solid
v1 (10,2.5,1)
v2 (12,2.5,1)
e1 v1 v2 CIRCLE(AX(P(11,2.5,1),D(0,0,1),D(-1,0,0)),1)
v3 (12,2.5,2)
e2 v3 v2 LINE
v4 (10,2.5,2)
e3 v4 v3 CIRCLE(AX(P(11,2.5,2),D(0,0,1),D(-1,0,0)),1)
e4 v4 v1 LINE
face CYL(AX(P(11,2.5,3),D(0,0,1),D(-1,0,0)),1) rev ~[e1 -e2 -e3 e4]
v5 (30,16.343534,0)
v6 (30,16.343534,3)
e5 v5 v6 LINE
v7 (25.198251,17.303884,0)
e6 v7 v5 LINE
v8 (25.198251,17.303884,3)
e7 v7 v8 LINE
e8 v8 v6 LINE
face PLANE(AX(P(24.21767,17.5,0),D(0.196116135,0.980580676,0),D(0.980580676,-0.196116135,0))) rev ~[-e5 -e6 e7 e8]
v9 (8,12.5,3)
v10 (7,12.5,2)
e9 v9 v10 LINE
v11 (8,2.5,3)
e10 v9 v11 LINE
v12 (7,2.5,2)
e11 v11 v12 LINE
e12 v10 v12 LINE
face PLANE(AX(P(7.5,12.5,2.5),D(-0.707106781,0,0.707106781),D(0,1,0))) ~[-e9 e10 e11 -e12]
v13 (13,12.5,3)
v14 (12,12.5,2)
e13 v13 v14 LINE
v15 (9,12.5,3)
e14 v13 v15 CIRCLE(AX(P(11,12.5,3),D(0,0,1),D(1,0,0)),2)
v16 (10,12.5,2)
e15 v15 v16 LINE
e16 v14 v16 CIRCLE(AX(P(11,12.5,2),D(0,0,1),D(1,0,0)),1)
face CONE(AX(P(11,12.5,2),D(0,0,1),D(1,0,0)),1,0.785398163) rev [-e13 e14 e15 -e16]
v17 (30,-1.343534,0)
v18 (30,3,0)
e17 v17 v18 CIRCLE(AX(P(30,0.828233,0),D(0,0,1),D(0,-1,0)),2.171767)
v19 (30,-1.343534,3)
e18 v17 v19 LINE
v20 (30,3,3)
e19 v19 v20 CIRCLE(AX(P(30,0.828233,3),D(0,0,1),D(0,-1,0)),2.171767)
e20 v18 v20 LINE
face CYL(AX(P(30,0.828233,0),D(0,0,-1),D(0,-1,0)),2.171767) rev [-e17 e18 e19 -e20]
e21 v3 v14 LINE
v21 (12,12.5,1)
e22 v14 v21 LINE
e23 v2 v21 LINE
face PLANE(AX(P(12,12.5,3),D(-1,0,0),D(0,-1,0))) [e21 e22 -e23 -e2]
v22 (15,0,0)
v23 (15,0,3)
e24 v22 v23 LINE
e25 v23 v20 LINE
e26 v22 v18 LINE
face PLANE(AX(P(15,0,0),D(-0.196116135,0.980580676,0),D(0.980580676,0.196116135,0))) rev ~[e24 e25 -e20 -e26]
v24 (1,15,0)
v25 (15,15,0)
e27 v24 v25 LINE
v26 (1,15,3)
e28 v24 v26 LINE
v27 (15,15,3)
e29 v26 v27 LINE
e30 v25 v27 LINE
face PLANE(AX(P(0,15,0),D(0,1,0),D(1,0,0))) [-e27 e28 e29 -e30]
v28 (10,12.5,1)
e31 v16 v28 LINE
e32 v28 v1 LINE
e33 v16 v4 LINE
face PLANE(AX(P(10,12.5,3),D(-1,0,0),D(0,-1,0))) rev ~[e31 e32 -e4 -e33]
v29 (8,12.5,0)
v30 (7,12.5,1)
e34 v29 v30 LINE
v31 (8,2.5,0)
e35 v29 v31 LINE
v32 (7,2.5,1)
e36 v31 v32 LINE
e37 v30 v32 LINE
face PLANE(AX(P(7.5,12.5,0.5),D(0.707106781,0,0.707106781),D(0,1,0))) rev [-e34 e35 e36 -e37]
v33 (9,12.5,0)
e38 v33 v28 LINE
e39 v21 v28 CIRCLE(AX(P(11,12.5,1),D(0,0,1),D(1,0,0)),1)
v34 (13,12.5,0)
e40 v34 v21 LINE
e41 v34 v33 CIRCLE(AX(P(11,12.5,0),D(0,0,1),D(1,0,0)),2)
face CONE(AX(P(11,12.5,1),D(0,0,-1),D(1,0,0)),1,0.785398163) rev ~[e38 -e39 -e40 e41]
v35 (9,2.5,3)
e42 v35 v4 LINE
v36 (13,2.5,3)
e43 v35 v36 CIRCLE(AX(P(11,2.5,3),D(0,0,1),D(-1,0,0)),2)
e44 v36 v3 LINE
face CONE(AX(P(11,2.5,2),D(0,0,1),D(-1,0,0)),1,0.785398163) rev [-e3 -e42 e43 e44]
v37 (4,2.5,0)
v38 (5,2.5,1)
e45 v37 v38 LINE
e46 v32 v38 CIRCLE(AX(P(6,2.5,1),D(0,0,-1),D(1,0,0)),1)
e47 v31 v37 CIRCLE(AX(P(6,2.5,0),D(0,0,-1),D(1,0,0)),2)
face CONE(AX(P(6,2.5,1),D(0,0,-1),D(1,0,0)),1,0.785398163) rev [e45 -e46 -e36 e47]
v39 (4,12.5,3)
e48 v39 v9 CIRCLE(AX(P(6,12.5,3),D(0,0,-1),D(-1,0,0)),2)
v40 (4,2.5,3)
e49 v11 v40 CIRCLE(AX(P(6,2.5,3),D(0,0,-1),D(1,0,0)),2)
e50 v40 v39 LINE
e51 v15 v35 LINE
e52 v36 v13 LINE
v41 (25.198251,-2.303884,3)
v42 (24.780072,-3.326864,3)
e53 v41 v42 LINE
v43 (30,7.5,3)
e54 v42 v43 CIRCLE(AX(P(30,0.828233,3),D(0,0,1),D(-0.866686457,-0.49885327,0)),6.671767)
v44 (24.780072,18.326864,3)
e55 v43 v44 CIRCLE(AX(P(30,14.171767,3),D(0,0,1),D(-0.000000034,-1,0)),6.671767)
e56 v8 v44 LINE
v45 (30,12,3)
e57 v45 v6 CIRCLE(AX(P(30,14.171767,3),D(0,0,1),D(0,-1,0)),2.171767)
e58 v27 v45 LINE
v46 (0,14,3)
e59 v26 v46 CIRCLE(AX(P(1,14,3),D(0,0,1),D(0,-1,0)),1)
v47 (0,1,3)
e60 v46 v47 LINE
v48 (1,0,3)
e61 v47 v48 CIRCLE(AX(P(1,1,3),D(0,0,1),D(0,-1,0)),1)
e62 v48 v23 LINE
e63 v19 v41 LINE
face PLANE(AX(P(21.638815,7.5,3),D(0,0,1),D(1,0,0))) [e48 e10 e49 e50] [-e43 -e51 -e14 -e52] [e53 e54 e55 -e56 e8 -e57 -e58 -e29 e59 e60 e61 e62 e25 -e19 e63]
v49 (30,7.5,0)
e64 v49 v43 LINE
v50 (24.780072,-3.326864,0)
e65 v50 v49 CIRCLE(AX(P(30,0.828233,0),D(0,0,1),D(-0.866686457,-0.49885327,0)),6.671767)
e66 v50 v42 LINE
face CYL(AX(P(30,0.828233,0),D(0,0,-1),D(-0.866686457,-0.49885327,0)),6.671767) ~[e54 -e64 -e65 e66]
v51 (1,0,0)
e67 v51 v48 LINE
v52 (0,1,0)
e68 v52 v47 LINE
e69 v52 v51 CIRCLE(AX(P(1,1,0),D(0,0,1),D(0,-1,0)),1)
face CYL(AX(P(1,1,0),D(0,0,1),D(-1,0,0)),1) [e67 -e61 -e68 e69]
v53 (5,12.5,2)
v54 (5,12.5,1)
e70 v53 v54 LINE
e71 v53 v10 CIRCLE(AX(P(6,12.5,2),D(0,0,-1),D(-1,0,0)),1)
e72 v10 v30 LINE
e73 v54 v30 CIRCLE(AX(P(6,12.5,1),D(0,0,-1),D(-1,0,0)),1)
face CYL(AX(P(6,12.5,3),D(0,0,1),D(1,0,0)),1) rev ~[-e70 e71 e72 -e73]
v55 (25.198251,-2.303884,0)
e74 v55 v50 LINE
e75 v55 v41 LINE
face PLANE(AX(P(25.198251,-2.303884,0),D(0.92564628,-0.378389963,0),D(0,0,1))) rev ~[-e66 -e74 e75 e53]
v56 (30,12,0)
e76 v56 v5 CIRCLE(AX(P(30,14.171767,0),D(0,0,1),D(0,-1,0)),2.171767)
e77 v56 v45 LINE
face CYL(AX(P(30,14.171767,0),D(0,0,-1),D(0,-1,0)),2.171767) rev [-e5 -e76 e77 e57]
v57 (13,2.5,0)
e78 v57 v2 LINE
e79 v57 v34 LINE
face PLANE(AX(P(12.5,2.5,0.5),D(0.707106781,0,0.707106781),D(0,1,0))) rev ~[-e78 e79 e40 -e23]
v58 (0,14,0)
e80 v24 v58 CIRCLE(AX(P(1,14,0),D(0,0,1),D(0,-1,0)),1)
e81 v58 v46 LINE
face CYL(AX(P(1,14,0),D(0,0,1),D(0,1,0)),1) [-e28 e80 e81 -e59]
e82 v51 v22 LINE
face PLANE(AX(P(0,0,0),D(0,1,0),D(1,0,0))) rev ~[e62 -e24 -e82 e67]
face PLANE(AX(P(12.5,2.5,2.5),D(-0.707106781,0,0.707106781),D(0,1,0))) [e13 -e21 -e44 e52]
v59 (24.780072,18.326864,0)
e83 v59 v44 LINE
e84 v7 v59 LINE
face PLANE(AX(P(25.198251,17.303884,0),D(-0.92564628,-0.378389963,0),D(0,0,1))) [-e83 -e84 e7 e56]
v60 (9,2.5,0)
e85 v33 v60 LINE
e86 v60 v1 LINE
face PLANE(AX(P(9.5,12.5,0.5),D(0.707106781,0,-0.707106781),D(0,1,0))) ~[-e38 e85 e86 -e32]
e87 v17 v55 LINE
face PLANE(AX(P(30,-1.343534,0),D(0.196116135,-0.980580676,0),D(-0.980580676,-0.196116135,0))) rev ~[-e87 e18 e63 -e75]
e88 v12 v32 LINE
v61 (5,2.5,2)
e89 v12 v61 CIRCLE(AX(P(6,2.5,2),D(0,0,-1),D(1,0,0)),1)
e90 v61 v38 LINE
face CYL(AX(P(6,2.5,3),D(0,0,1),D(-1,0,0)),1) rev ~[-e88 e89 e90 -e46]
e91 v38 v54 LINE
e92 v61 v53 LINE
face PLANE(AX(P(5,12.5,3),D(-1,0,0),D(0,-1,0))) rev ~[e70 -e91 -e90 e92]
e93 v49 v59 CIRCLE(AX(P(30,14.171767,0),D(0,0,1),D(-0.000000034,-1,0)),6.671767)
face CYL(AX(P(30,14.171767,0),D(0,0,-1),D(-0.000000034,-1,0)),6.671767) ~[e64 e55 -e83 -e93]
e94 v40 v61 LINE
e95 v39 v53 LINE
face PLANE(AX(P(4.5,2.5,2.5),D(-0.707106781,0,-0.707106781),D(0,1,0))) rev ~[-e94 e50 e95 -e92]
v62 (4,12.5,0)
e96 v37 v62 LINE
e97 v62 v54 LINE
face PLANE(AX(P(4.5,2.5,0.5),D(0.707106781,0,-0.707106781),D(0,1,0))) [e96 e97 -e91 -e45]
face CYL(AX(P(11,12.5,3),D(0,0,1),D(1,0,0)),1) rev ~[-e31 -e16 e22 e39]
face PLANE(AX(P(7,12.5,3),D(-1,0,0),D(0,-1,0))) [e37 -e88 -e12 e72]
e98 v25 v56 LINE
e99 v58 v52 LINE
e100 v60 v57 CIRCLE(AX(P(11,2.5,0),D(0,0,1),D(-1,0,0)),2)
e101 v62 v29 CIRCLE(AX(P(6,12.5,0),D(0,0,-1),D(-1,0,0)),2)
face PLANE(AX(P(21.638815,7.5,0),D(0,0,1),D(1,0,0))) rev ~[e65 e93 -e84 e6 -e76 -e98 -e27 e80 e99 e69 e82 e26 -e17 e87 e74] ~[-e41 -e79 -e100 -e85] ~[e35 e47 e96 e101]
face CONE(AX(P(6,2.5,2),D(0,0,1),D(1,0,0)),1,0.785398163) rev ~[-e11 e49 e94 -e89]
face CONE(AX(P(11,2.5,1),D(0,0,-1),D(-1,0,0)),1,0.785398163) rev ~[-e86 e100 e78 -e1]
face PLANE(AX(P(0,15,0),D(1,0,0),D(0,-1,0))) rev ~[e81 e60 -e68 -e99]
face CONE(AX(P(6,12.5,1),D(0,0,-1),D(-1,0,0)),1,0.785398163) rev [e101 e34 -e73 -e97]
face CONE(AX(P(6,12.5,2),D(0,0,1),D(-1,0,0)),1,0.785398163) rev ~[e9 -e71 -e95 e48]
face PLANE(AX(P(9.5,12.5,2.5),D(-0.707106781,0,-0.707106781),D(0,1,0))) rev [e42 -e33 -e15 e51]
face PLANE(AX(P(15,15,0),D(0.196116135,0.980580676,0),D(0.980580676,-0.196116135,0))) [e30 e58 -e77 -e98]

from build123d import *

# Parameters (mm, degrees)
PAD_DEPTH    = 3
POCKET_DEPTH = 5
CHAMFER_SIZE = 1
FILLET_R     = 1


with BuildPart() as part:
    # Sketch → Pad (new body)
    with BuildSketch(Plane.XY):
        with BuildLine():
            Line((0, 15), (0, 0))
            Line((0, 0), (15, 0))
            Line((15, 0), (30, 3))
            ThreePointArc((30, -1.343534), (32.171767, 0.828233), (30, 3))
            Line((30, -1.343534), (24.21767, -2.5))
            ThreePointArc((24.21767, -2.5), (35.775711, -2.511474), (30, 7.5))
            ThreePointArc((30, 7.5), (35.775711, 17.511474), (24.21767, 17.5))
            Line((24.21767, 17.5), (30, 16.343534))
            ThreePointArc((30, 12), (32.171767, 14.171767), (30, 16.343534))
            Line((15, 15), (30, 12))
            Line((0, 15), (15, 15))
        make_face()
    extrude(amount=PAD_DEPTH)

    # Sketch001 (on Face13 of Pad) → Pocket (cut)
    with BuildSketch(Plane.XY.offset(3)):
        with BuildLine():
            ThreePointArc((7, 12.5), (6, 13.5), (5, 12.5))
            Line((5, 12.5), (5, 2.5))
            ThreePointArc((5, 2.5), (6, 1.5), (7, 2.5))
            Line((7, 12.5), (7, 2.5))
        make_face()
        with BuildLine():
            ThreePointArc((12, 12.5), (11, 13.5), (10, 12.5))
            Line((10, 12.5), (10, 2.5))
            ThreePointArc((10, 2.5), (11, 1.5), (12, 2.5))
            Line((12, 12.5), (12, 2.5))
        make_face()
    extrude(amount=-POCKET_DEPTH, mode=Mode.SUBTRACT)

    # Chamfer
    chamfer_edges = [part.edges().sort_by_distance(p)[0] for p in [
        (7, 7.5, 3),
        (10, 7.5, 3),
        (7, 7.5, 0),
        (10, 7.5, 0),
        (24.21767, 17.5, 1.5),
        (24.21767, -2.5, 1.5),
    ]]
    chamfer(chamfer_edges, length=CHAMFER_SIZE)

    # Fillet
    fillet_edges = [part.edges().sort_by_distance(p)[0] for p in [
        (0, 15, 1.5),
        (0, 0, 1.5),
    ]]
    fillet(fillet_edges, radius=FILLET_R)


solid = part.part
